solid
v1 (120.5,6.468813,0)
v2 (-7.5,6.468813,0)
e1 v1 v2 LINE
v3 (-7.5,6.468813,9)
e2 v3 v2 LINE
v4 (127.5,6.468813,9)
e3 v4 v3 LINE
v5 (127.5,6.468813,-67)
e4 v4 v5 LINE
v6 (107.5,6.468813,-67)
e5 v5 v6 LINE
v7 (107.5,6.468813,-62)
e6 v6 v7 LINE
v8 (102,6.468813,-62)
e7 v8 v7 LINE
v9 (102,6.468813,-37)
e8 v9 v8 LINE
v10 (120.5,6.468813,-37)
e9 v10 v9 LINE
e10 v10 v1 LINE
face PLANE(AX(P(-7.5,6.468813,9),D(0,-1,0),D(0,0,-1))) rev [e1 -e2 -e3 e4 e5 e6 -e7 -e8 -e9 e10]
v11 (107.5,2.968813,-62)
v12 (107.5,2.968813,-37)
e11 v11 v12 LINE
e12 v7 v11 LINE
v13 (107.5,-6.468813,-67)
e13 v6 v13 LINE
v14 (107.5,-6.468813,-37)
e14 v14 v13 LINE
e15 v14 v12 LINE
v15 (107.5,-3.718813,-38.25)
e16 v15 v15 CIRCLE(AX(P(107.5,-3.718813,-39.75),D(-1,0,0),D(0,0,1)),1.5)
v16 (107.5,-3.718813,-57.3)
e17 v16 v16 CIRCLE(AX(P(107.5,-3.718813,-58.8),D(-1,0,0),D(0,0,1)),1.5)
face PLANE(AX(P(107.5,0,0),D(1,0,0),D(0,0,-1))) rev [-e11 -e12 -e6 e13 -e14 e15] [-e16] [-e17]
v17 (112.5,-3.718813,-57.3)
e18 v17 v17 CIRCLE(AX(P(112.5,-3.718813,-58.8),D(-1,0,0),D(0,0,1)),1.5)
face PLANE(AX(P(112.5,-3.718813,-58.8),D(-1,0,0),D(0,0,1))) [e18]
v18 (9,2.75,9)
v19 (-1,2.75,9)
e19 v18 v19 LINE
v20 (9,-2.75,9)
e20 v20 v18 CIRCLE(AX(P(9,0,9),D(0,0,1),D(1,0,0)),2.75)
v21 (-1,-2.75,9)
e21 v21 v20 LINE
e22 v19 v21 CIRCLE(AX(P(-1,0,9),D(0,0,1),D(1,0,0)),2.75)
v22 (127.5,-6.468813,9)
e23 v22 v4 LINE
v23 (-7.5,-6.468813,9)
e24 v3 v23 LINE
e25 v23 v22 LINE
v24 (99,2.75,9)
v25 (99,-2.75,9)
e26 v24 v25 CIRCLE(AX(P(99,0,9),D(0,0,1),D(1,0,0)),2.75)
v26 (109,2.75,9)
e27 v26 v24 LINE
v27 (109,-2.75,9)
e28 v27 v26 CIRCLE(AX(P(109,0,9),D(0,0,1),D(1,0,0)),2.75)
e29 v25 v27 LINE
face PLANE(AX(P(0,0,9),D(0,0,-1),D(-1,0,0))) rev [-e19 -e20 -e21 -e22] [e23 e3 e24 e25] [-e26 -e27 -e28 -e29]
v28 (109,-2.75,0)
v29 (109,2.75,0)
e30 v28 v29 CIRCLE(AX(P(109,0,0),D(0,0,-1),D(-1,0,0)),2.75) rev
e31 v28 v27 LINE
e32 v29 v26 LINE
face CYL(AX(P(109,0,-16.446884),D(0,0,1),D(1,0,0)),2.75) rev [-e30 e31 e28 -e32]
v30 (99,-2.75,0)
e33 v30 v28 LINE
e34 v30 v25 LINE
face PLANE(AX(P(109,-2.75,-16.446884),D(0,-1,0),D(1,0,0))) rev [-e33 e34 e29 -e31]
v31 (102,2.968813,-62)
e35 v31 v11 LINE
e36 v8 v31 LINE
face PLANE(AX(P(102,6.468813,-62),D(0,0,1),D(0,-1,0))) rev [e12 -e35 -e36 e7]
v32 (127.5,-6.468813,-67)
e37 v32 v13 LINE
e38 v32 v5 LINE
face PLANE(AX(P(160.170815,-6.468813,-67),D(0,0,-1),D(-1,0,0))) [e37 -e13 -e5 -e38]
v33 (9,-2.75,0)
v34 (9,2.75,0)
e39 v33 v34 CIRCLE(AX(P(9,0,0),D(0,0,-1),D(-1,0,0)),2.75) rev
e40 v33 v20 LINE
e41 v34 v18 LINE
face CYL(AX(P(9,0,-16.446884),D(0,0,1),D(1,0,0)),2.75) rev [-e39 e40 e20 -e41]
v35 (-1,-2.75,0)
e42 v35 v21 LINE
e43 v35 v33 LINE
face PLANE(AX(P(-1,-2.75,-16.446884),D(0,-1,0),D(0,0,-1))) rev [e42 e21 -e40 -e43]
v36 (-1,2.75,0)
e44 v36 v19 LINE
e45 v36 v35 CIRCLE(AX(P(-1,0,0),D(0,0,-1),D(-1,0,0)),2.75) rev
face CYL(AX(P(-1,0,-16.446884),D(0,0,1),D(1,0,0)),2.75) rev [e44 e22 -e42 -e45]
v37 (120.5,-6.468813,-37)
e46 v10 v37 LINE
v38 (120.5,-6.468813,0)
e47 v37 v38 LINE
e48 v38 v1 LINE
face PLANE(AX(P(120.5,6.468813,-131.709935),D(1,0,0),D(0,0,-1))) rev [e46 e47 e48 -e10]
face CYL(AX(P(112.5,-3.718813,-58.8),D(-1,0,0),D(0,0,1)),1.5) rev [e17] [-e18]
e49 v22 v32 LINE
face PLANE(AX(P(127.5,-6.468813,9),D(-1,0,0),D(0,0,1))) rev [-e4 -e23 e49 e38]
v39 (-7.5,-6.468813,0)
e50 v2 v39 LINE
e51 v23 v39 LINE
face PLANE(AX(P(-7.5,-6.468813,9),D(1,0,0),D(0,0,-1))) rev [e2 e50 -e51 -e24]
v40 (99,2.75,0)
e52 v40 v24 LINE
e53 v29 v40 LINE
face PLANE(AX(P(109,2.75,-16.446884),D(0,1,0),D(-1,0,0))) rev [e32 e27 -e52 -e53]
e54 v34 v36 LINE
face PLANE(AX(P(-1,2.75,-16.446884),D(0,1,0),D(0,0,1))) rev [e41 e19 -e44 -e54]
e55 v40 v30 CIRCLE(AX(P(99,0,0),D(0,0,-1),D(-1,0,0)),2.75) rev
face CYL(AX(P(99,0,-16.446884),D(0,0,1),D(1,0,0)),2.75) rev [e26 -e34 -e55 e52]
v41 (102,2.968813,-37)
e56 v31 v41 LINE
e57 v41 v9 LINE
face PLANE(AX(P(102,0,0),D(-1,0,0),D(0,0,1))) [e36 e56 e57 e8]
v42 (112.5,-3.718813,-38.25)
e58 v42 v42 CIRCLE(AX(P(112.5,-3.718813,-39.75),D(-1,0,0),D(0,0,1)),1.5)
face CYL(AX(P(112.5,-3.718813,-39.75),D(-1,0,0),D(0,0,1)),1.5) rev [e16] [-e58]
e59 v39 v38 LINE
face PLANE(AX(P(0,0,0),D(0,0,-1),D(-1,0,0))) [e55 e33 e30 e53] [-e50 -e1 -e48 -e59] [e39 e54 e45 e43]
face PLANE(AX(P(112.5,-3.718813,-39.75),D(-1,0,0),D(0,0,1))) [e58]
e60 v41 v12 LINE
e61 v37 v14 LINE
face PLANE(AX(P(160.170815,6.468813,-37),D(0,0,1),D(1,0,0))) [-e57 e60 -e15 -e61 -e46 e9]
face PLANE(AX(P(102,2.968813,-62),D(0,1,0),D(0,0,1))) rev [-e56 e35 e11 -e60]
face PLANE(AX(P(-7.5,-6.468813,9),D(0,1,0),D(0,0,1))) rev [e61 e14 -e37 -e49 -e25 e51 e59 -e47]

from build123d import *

# Parameters (mm, degrees)
SKETCH1_W           = 135
SKETCH1_H           = 12.93762629
BOSS_EXTRUDE1_DEPTH = 9
SKETCH2_W           = 7
SKETCH2_H           = 12.93762629
BOSS_EXTRUDE2_DEPTH = 54
SKETCH3_W           = 7
SKETCH3_H           = 12.93762629
BOSS_EXTRUDE5_DEPTH = 13
BOSS_EXTRUDE6_REACH = 129.212
SKETCH6_W           = 30
SKETCH6_H           = 12.93762629
SKETCH7_R           = 1.5
CUT_EXTRUDE1_DEPTH  = 5
SKETCH9_W           = 25
SKETCH9_H           = 3.5
BOSS_EXTRUDE7_DEPTH = 5.5
CUT_EXTRUDE3_DEPTH  = 9


with BuildPart() as part:
    # Sketch1 → Boss-Extrude1 (new body)
    with BuildSketch(Plane.XY):
        with Locations((60, 0)):
            Rectangle(SKETCH1_W, SKETCH1_H)
    extrude(amount=BOSS_EXTRUDE1_DEPTH)

    # Sketch2 → Boss-Extrude2 (add)
    with BuildSketch(Plane(origin=(0, 0, 0), x_dir=(-1, 0, 0), z_dir=(0, 0, -1))):
        with Locations((-124, 0)):
            Rectangle(SKETCH2_W, SKETCH2_H)
    extrude(amount=BOSS_EXTRUDE2_DEPTH)

    # Sketch3 → Boss-Extrude5 (add)
    with BuildSketch(Plane.ZY.offset(-120.5)):
        with Locations((-50.5, 0)):
            Rectangle(SKETCH3_W, SKETCH3_H)
    extrude(amount=BOSS_EXTRUDE5_DEPTH)

    # Boss-Extrude6: up to this face of the body (flat: up to its plane)
    boss_extrude6_end = Plane(part.part.faces().sort_by_distance((127.5, 0, -22.5))[0])
    # Sketch6 → Boss-Extrude6 (add, up to the picked face)
    with BuildSketch(Plane.ZY.offset(-107.5), mode=Mode.PRIVATE) as boss_extrude6_sk1:
        with Locations((-52, 0)):
            Rectangle(SKETCH6_W, SKETCH6_H)
    boss_extrude6_tool1 = split(extrude(boss_extrude6_sk1.sketch, amount=-BOSS_EXTRUDE6_REACH, mode=Mode.PRIVATE), bisect_by=boss_extrude6_end, keep=Keep.BOTH, mode=Mode.PRIVATE)
    add(boss_extrude6_tool1.solids().sort_by(Axis((107.5, 0, -52), (1, 0, 0)))[0])

    # Sketch7 → Cut-Extrude1 (cut)
    with BuildSketch(Plane.ZY.offset(-107.5)):
        with Locations((-39.75, -3.718813145)):
            Circle(SKETCH7_R)
        with Locations((-58.8, -3.718813145)):
            Circle(SKETCH7_R)
    extrude(amount=-CUT_EXTRUDE1_DEPTH, mode=Mode.SUBTRACT)

    # Sketch9 → Boss-Extrude7 (add)
    with BuildSketch(Plane.ZY.offset(-107.5)):
        with Locations((-49.5, 4.718813145)):
            Rectangle(SKETCH9_W, SKETCH9_H)
    extrude(amount=BOSS_EXTRUDE7_DEPTH)

    # Sketch12 → Cut-Extrude3 (cut)
    with BuildSketch(Plane.XY.offset(9)):
        with BuildLine():
            Line((-1, 2.75), (9, 2.75))
            ThreePointArc((9, 2.75), (11.75, 0), (9, -2.75))
            Line((9, -2.75), (-1, -2.75))
            ThreePointArc((-1, -2.75), (-3.75, 0), (-1, 2.75))
        make_face()
        with BuildLine():
            Line((109, -2.75), (99, -2.75))
            ThreePointArc((99, -2.75), (96.25, 0), (99, 2.75))
            Line((99, 2.75), (109, 2.75))
            ThreePointArc((109, 2.75), (111.75, 0), (109, -2.75))
        make_face()
    extrude(amount=-CUT_EXTRUDE3_DEPTH, mode=Mode.SUBTRACT)


solid = part.part
